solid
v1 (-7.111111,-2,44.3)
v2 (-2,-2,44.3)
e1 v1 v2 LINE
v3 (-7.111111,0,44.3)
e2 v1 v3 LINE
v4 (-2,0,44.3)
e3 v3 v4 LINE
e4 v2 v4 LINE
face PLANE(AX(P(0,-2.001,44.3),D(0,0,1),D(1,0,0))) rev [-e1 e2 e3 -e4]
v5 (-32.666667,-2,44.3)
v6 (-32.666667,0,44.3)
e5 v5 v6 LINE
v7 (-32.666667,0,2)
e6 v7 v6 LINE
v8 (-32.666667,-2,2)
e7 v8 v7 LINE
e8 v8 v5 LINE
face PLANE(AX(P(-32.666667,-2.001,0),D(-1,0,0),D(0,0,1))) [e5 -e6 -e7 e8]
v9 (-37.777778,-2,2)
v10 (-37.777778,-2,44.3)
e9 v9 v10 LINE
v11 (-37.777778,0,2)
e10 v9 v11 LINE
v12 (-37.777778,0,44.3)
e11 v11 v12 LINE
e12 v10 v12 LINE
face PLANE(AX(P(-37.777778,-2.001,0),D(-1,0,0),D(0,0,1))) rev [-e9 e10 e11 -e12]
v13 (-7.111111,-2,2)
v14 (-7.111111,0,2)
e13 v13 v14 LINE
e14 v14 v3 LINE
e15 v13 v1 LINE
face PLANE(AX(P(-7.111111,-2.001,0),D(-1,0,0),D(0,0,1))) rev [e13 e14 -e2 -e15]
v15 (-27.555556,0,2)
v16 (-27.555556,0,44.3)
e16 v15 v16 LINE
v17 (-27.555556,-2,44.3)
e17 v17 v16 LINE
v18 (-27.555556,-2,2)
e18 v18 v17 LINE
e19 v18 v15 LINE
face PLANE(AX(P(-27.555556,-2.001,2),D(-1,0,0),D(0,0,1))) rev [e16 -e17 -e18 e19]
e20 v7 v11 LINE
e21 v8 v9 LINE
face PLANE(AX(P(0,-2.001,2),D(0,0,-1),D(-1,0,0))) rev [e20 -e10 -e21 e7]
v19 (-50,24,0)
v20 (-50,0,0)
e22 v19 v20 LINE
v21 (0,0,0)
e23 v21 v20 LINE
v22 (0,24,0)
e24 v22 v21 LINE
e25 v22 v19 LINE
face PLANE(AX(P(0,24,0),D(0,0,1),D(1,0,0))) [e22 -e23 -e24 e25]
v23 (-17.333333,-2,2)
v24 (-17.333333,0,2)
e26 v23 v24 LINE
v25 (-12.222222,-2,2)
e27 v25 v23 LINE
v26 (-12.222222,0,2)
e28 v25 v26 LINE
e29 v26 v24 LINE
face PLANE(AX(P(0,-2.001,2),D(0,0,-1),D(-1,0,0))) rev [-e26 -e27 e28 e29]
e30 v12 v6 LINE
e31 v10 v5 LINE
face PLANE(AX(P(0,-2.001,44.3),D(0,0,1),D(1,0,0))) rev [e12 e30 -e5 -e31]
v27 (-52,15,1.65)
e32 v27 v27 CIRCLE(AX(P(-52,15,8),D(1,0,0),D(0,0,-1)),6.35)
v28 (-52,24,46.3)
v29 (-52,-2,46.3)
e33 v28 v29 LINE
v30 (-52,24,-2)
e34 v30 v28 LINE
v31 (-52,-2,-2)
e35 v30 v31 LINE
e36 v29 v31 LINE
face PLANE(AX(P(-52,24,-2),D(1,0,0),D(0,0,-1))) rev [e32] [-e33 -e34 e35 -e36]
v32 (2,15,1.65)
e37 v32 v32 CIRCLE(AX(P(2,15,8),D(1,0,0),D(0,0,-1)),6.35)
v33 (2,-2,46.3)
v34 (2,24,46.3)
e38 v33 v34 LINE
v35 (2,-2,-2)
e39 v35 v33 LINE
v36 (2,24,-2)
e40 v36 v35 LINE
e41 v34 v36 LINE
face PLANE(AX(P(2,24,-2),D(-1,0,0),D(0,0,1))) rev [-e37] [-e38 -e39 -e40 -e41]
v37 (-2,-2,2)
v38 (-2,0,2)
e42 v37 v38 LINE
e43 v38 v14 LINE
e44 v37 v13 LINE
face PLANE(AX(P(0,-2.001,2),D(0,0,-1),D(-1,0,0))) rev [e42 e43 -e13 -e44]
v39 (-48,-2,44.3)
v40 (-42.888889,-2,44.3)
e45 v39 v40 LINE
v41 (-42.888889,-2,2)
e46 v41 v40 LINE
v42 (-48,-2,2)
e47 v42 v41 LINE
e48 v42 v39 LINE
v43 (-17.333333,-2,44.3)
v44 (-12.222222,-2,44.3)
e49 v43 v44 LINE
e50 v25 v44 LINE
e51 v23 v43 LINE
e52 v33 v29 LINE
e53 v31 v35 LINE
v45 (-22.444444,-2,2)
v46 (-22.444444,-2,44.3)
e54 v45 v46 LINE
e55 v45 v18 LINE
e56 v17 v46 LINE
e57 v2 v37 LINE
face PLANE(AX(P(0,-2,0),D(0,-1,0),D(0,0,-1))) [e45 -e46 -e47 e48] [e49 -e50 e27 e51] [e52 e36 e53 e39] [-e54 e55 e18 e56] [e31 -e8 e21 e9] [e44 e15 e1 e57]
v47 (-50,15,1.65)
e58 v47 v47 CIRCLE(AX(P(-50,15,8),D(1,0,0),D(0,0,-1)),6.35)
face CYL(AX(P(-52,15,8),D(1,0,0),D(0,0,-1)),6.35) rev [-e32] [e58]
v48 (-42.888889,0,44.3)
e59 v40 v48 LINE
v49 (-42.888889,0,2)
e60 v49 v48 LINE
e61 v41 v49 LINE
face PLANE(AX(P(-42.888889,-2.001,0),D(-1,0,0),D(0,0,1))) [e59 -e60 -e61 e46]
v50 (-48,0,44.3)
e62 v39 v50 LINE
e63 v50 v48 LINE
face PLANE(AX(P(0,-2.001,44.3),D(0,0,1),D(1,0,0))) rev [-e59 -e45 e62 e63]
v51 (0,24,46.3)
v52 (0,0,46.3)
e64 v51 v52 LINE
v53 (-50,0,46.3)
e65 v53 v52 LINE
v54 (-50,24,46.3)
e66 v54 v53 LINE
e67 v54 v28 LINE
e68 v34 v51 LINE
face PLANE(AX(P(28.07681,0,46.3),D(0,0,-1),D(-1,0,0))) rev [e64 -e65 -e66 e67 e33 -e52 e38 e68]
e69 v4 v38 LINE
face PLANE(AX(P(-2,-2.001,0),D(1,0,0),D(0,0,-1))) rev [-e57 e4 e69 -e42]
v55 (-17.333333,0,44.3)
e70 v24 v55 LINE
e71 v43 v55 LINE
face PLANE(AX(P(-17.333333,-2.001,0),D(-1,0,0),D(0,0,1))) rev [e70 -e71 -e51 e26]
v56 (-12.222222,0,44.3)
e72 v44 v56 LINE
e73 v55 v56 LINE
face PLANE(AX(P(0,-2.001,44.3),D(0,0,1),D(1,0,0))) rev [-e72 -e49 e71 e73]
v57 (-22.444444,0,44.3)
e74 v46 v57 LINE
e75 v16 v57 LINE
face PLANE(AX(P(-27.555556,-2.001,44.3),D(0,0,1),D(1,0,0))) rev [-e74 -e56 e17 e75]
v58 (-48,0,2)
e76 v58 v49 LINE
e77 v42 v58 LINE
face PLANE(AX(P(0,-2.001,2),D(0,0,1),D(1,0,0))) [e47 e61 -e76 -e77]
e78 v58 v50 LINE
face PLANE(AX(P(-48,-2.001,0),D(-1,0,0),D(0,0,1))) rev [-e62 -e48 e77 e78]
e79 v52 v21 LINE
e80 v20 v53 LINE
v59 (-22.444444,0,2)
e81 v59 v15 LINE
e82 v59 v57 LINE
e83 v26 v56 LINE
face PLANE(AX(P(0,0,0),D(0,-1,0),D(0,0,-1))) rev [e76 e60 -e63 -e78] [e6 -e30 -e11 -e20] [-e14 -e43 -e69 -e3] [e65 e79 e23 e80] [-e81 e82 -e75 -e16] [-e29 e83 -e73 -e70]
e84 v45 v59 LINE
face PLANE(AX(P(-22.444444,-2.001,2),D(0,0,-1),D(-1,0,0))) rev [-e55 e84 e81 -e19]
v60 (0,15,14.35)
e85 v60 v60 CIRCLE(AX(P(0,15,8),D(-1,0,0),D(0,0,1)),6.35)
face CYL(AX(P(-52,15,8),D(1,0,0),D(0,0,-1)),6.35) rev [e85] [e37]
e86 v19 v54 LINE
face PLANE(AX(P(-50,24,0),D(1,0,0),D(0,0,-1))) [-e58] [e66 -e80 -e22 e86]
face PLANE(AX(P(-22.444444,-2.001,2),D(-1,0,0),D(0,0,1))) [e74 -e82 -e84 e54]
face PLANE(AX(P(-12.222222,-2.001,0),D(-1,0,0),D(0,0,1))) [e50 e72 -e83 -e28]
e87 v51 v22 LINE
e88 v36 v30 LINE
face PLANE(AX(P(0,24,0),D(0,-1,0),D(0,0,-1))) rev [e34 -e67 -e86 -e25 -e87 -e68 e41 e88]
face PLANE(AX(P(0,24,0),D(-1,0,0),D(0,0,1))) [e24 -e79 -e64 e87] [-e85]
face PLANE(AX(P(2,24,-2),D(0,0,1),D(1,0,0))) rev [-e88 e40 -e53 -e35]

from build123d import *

# Parameters (mm, degrees)
CROQUIS1_W                 = 54
CROQUIS1_H                 = 50.3
CROQUIS1_W_2               = 50
CROQUIS1_H_2               = 46.3
SALIENTE_EXTRUIR1_DEPTH    = 24
CROQUIS2_W                 = 54
CROQUIS2_H                 = 50.3
SALIENTE_EXTRUIR2_DEPTH    = 2
CORTAR_EXTRUIR4_DEPTH      = 54
CORTAR_EXTRUIR5_REACH      = 75.646
CROQUIS7_W                 = 5.111111111
CROQUIS7_H                 = 42.3
CROQUIS7_W_2               = 5.111111112
CORTAR_EXTRUIR6_DEPTH      = 59.725548103
CORTAR_EXTRUIR6_DEPTH_BACK = 59.725548103
CROQUIS8_R                 = 6.35


with BuildPart() as part:
    # Croquis1 → Saliente-Extruir1 (new body)
    with BuildSketch(Plane(origin=(0, 0, 0), x_dir=(1, 0, 0), z_dir=(0, 1, 0))):
        with Locations((-25, -23.15)):
            Rectangle(CROQUIS1_W, CROQUIS1_H)
        with Locations((-25, -23.15)):
            Rectangle(CROQUIS1_W_2, CROQUIS1_H_2, mode=Mode.SUBTRACT)
    extrude(amount=SALIENTE_EXTRUIR1_DEPTH)

    # Croquis2 → Saliente-Extruir2 (add)
    with BuildSketch(Plane.XZ):
        with Locations((-25, 23.15)):
            Rectangle(CROQUIS2_W, CROQUIS2_H)
    extrude(amount=SALIENTE_EXTRUIR2_DEPTH)

    # Croquis6 → Cortar-Extruir4 (cut)
    with BuildSketch(Plane.ZY.offset(52)):
        Polygon((46.3, 24), (46.3, 0), (46.3, -2), (48.3, -2), (48.3, 24), align=None)
    extrude(amount=-CORTAR_EXTRUIR4_DEPTH, mode=Mode.SUBTRACT)

    # Croquis7 → Cortar-Extruir5 (cut, up to next)
    with BuildSketch(Plane(origin=(0, 0, 0), x_dir=(1, 0, 0), z_dir=(0, 1, 0)), mode=Mode.PRIVATE) as cortar_extruir5_sk1:
        with Locations((-45.444444445, -23.15)):
            Rectangle(CROQUIS7_W, CROQUIS7_H)
    cortar_extruir5_tool1 = extrude(cortar_extruir5_sk1.sketch, amount=-CORTAR_EXTRUIR5_REACH, mode=Mode.PRIVATE) & part.part
    # Croquis7 → Cortar-Extruir5 (cut, up to next)
    with BuildSketch(Plane(origin=(0, 0, 0), x_dir=(1, 0, 0), z_dir=(0, 1, 0)), mode=Mode.PRIVATE) as cortar_extruir5_sk2:
        with Locations((-35.222222223, -23.15)):
            Rectangle(CROQUIS7_W, CROQUIS7_H)
    cortar_extruir5_tool2 = extrude(cortar_extruir5_sk2.sketch, amount=-CORTAR_EXTRUIR5_REACH, mode=Mode.PRIVATE) & part.part
    # Croquis7 → Cortar-Extruir5 (cut, up to next)
    with BuildSketch(Plane(origin=(0, 0, 0), x_dir=(1, 0, 0), z_dir=(0, 1, 0)), mode=Mode.PRIVATE) as cortar_extruir5_sk3:
        with Locations((-14.777777778, -23.15)):
            Rectangle(CROQUIS7_W, CROQUIS7_H)
    cortar_extruir5_tool3 = extrude(cortar_extruir5_sk3.sketch, amount=-CORTAR_EXTRUIR5_REACH, mode=Mode.PRIVATE) & part.part
    # Croquis7 → Cortar-Extruir5 (cut, up to next)
    with BuildSketch(Plane(origin=(0, 0, 0), x_dir=(1, 0, 0), z_dir=(0, 1, 0)), mode=Mode.PRIVATE) as cortar_extruir5_sk4:
        with Locations((-4.555555555, -23.15)):
            Rectangle(CROQUIS7_W, CROQUIS7_H)
    cortar_extruir5_tool4 = extrude(cortar_extruir5_sk4.sketch, amount=-CORTAR_EXTRUIR5_REACH, mode=Mode.PRIVATE) & part.part
    # Croquis7 → Cortar-Extruir5 (cut, up to next)
    with BuildSketch(Plane(origin=(0, 0, 0), x_dir=(1, 0, 0), z_dir=(0, 1, 0)), mode=Mode.PRIVATE) as cortar_extruir5_sk5:
        with Locations((-25, -23.15)):
            Rectangle(CROQUIS7_W_2, CROQUIS7_H)
    cortar_extruir5_tool5 = extrude(cortar_extruir5_sk5.sketch, amount=-CORTAR_EXTRUIR5_REACH, mode=Mode.PRIVATE) & part.part
    add(cortar_extruir5_tool1.solids().sort_by_distance((-45.444444, 0, 23.15))[0], mode=Mode.SUBTRACT)
    add(cortar_extruir5_tool2.solids().sort_by_distance((-35.222222, 0, 23.15))[0], mode=Mode.SUBTRACT)
    add(cortar_extruir5_tool3.solids().sort_by_distance((-14.777778, 0, 23.15))[0], mode=Mode.SUBTRACT)
    add(cortar_extruir5_tool4.solids().sort_by_distance((-4.555556, 0, 23.15))[0], mode=Mode.SUBTRACT)
    add(cortar_extruir5_tool5.solids().sort_by_distance((-25, 0, 23.15))[0], mode=Mode.SUBTRACT)

    # Croquis8 → Cortar-Extruir6 (cut, two sides: drawn at the far end of the back side and taken through both)
    with BuildSketch(Plane(origin=(-25, 0, 0), x_dir=(0, 0, -1), z_dir=(1, 0, 0)).offset(-CORTAR_EXTRUIR6_DEPTH_BACK)):
        with Locations((-8, 15)):
            Circle(CROQUIS8_R)
    extrude(amount=CORTAR_EXTRUIR6_DEPTH + CORTAR_EXTRUIR6_DEPTH_BACK, mode=Mode.SUBTRACT)


solid = part.part
